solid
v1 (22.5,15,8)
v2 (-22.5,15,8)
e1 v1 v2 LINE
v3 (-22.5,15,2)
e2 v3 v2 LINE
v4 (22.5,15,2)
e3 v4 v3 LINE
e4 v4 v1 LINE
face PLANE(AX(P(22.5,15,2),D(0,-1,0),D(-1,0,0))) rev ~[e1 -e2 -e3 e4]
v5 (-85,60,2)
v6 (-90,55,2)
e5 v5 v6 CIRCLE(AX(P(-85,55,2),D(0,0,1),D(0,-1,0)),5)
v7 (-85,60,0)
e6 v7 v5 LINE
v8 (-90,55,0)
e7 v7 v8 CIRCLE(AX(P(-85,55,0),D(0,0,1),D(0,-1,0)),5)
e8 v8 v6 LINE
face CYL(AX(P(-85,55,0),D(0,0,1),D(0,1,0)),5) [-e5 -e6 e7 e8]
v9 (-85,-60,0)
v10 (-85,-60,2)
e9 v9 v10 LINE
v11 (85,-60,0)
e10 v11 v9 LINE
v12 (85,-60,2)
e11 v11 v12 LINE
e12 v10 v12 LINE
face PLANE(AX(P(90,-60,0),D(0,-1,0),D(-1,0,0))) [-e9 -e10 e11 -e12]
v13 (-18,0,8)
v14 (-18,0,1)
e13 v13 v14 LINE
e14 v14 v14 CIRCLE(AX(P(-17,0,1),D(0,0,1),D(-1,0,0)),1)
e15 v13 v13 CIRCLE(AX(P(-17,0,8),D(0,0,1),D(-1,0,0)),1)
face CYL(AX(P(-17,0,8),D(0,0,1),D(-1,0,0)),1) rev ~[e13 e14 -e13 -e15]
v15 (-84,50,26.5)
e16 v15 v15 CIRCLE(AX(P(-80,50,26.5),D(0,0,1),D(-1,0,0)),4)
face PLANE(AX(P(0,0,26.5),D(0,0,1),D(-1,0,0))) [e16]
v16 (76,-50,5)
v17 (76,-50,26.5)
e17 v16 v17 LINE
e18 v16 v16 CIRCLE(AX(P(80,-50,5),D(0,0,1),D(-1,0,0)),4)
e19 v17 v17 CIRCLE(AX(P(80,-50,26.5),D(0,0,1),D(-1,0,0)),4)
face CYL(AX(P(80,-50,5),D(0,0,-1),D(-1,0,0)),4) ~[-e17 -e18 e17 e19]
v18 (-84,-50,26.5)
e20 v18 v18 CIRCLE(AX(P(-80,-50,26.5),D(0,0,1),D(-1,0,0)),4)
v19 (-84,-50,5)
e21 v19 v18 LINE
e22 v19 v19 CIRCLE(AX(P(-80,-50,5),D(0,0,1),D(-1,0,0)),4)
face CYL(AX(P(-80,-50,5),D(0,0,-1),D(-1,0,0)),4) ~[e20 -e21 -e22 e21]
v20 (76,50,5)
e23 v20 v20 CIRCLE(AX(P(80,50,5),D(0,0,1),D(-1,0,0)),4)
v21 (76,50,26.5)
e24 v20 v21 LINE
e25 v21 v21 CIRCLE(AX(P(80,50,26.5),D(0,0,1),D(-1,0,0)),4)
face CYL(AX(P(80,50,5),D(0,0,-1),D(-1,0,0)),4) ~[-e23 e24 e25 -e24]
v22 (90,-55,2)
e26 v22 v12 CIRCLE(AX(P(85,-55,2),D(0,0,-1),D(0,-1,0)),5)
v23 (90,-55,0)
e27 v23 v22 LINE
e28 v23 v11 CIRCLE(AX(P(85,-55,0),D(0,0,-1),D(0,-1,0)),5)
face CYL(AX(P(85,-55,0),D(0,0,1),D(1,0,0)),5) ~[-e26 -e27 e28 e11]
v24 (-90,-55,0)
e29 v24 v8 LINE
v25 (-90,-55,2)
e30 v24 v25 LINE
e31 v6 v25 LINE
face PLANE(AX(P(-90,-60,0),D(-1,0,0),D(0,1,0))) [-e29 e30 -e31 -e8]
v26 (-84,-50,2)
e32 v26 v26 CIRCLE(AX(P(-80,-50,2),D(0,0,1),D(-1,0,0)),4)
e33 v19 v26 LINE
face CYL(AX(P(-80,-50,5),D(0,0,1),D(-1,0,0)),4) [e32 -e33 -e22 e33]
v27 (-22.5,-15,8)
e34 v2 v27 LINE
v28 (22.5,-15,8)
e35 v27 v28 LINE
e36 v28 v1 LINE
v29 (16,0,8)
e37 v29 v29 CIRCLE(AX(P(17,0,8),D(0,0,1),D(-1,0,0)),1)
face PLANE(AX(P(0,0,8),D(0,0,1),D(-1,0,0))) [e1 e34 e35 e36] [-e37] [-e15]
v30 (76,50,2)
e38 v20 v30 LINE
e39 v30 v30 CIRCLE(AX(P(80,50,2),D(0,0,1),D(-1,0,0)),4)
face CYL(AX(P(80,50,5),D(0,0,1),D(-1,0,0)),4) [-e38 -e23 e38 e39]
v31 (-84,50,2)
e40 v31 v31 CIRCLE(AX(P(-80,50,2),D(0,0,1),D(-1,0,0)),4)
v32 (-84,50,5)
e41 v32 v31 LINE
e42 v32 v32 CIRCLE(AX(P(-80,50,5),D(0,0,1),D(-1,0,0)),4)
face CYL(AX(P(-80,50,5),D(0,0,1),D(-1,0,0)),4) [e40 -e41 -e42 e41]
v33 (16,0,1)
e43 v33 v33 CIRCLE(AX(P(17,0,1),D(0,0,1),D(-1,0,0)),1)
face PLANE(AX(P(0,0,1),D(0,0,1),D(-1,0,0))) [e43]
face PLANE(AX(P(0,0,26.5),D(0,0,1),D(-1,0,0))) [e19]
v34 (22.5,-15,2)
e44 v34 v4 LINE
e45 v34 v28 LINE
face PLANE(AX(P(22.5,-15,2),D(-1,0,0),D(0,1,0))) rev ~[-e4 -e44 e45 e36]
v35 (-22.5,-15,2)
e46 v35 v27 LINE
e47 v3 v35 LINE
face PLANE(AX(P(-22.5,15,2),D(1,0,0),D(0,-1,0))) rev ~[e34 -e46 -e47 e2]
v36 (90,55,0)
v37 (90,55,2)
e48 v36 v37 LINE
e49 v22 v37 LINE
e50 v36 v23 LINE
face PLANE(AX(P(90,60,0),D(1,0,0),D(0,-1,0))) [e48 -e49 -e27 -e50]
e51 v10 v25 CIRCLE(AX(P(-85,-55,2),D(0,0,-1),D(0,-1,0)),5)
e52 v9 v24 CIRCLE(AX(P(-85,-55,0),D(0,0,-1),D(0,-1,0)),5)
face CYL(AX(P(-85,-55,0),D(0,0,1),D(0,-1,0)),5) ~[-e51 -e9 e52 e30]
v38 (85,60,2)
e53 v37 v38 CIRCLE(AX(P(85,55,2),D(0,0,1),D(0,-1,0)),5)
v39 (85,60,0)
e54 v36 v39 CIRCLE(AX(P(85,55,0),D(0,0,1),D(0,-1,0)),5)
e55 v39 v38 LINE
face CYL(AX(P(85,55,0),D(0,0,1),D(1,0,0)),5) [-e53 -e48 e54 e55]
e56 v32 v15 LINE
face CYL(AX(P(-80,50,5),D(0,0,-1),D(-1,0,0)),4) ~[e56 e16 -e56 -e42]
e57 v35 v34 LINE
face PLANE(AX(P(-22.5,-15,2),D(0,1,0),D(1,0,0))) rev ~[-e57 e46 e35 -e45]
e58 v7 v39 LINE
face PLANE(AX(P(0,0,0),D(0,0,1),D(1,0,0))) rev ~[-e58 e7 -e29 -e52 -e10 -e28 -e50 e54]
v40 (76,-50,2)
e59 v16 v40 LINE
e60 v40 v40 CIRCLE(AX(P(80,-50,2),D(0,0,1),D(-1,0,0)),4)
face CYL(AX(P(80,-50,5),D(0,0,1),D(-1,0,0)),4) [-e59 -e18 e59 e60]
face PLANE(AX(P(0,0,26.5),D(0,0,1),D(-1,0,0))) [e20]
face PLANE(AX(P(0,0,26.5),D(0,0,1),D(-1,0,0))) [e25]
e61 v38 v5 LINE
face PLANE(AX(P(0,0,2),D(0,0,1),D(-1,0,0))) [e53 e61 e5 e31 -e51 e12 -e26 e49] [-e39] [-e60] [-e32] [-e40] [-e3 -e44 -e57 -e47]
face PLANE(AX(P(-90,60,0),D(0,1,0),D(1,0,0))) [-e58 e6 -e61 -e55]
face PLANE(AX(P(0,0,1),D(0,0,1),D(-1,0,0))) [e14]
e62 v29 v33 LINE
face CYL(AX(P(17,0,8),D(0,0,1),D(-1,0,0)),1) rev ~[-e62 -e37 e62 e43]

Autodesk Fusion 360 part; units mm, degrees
sketch "Sketch1" plane through (0, 0, 0) normal (0, 0, 1) x (1, 0, 0)
  line L0 (90, -60) -> (-90, -60)
  line L1 (-90, -60) -> (-90, 60)
  line L2 (-90, 60) -> (90, 60)
  line L3 (90, 60) -> (90, -60)
  line L4 (90, -60) -> (-90, 60) construction
  line L5 (-90, -60) -> (90, 60) construction
  circle A0 centre (-80, 50) radius 5
  circle A1 centre (-80, -50) radius 5
  circle A2 centre (80, 50) radius 5
  circle A3 centre (80, -50) radius 5
  dimension "d1" = 180
  dimension "d2" = 120
  dimension "d3" = 10
  dimension "d4" = 10
  dimension "d5" = 10
  dimension "d6" = 10
sketch "Sketch2" plane through (0, 0, 0) normal (0, 0, 1) x (1, 0, 0)
  line L0 (90, -60) -> (-90, -60)
  line L1 (-90, -60) -> (-90, 60)
  line L2 (-90, 60) -> (90, 60)
  line L3 (90, 60) -> (90, -60)
  line L4 (90, -60) -> (-90, 60) construction
  line L5 (-90, -60) -> (90, 60) construction
  dimension "d9" = 180
  dimension "d10" = 120
extrude "Extrude2" add sketch "Sketch2" along normal blind 5 makes body 1
sketch "Sketch3" plane through (0, 0, 5) normal (0, 0, 1) x (-1, 0, 0)
  line L0 (-90, -60) -> (90, -60)
  line L1 (90, -60) -> (90, 60)
  line L2 (90, 60) -> (-90, 60)
  line L3 (-90, 60) -> (-90, -60)
sketch "Sketch4" plane through (0, 0, 5) normal (0, 0, 1) x (-1, 0, 0)
  circle A0 centre (-80, 50) radius 4
  circle A1 centre (80, 50) radius 4
  circle A2 centre (-80, -50) radius 4
  circle A3 centre (80, -50) radius 4
  dimension "d13" = 8
  dimension "d14" = 8
  dimension "d15" = 8
  dimension "d16" = 8
extrude "Extrude3" add sketch "Sketch4" along normal blind 50 bodies 1
sketch "Sketch5" plane through (0, 0, 5) normal (0, 0, 1) x (-1, 0, 0)
  line L0 (22.5, -15) -> (-22.5, -15)
  line L1 (-22.5, -15) -> (-22.5, 15)
  line L2 (-22.5, 15) -> (22.5, 15)
  line L3 (22.5, 15) -> (22.5, -15)
  line L4 (22.5, -15) -> (-22.5, 15) construction
  line L5 (-22.5, -15) -> (22.5, 15) construction
  dimension "d19" = 45
  dimension "d20" = 30
extrude "Extrude4" add sketch "Sketch5" along normal blind 10 bodies 1
sketch "Sketch6" plane through (0, 0, 15) normal (0, 0, 1) x (-1, 0, 0)
  line L0 (22.5, 15) -> (-22.5, 15)
  line L1 (-22.5, 15) -> (-22.5, -15)
  line L2 (-22.5, -15) -> (22.5, -15)
  line L3 (22.5, -15) -> (22.5, 15)
  circle A0 centre (17, 0) radius 1
  circle A1 centre (-17, 0) radius 1
  dimension "d23" = 17
  dimension "d24" = 17
  dimension "d25" = 2
  dimension "d26" = 2
extrude "Extrude5" cut sketch "Sketch6" against normal blind 9 contours A0 | A1 bodies 1
extrude "Extrude6" cut 4 faces at (77.7042, -51.1056, 55) (77.7042, 48.8944, 55) (-82.2958, 48.8944, 55) (-82.2958, -51.1056, 55) along direction (0, 0, -1) blind 10 on bodies 1 bodies 1
extrude "Extrude7" cut 1 faces at (-5.4223, 10.2267, 15) along direction (0, 0, -1) blind 10 on bodies 1 bodies 1
extrude "Extrude8" cut sketch "Sketch3" against normal blind 3 bodies 1 makes body 2 at (-17.995, 0.0996, 5.3333) makes body 3 at (16.005, 0.0996, 5.3333) makes body 4 at (76.0199, -49.6017, 18.3333) makes body 5 at (-83.9801, -49.6017, 18.3333) makes body 6 at (76.0199, 50.3983, 18.3333) makes body 7 at (30, -20, 0)
extrude "Extrude9" add 1 faces at (-82.2958, 48.8944, 5) along direction (0, 0, -1) blind 3 on bodies 1 bodies 1 7
extrude "Extrude10" add 3 faces at (-82.2958, -51.1056, 5) (77.7042, -51.1056, 5) (77.7042, 48.8944, 5) along direction (0, 0, -1) blind 3 on bodies 4 5 6 bodies 5 1 4 6
sketch "Sketch7" plane through (0, 0, 2) normal (0, 0, 1) x (-1, 0, 0)
  circle A0 centre (-80, -50) radius 4
  circle A1 centre (80, 50) radius 4
  circle A2 centre (-80, 50) radius 4
  circle A3 centre (80, -50) radius 4
  line L0 (-90, 60) -> (-90, -60)
  line L1 (-90, -60) -> (90, -60)
  line L2 (90, -60) -> (90, 60)
  line L3 (90, 60) -> (-90, 60)
  line L4 (22.5, 15) -> (-22.5, 15)
  line L5 (-22.5, 15) -> (-22.5, -15)
  line L6 (-22.5, -15) -> (22.5, -15)
  line L7 (22.5, -15) -> (22.5, 15)
  line L8 (22.5, 15) -> (-22.5, -15) construction
  line L9 (-22.5, 15) -> (22.5, -15) construction
  dimension "d39" = 45
  dimension "d40" = 30
extrude "Extrude11" add sketch "Sketch7" along normal blind 6 contours L4 L5 L6 L7 bodies 2 3 5
sketch "Sketch8" plane through (0, 0, 8) normal (0, 0, 1) x (-1, 0, 0)
  line L0 (22.5, -15) -> (22.5, 15)
  line L1 (22.5, 15) -> (-22.5, 15)
  line L2 (-22.5, 15) -> (-22.5, -15)
  line L3 (-22.5, -15) -> (22.5, -15)
  circle A0 centre (-17, 0) radius 1
  circle A1 centre (17, 0) radius 1
  dimension "d43" = 17
  dimension "d44" = 17
  dimension "d45" = 2
  dimension "d46" = 2
extrude "Extrude12" cut sketch "Sketch8" against normal blind 7 contours A0 | A1 bodies 2
extrude "Extrude13" cut 4 faces at (77.7042, 48.8944, 45) (77.7042, -51.1056, 45) (-82.2958, -51.1056, 45) (-82.2958, 48.8944, 45) along direction (0, 0, -1) blind 10 on bodies 2 bodies 2
extrude "Extrude14" cut 4 faces at (77.7042, -51.1056, 35) (77.7042, 48.8944, 35) (-82.2958, 48.8944, 35) (-82.2958, -51.1056, 35) along direction (0, 0, -1) blind 8.5 on bodies 2 bodies 2
fillet "Fillet1" radius 5 4 edges at (-90, 60, 1) (-90, -60, 1) (90, -60, 1) (90, 60, 1) on bodies 1 2 5 7
sketch "Sketch9" plane through (0, 0, 2) normal (0, 0, 1) x (-1, 0, 0)
  circle A0 centre (80, 150) radius 5
  circle A1 centre (-80, 150) radius 5
  circle A2 centre (80, 250) radius 5
  circle A3 centre (-80, 250) radius 5
  line L0 (-90, 140) -> (90, 140)
  line L1 (90, 140) -> (90, 260)
  line L2 (90, 260) -> (-90, 260)
  line L3 (-90, 260) -> (-90, 140)
sketch "Sketch10" plane through (0, 0, 2) normal (0, 0, 1) x (-1, 0, 0)
  circle A0 centre (80, 150) radius 4.5
  circle A1 centre (-80, 150) radius 4.5
  circle A2 centre (80, 250) radius 4.5
  circle A3 centre (-80, 250) radius 4.5
  circle A4 centre (80, 250) radius 5.5
  circle A5 centre (80, 150) radius 5.5
  circle A6 centre (-80, 150) radius 5.5
  circle A7 centre (-80, 250) radius 5.5
  circle A8 centre (-80, 150) radius 5
  circle A9 centre (80, 250) radius 5
  circle A10 centre (80, 150) radius 5
  circle A11 centre (-80, 250) radius 5
  dimension "d59" = 9
  dimension "d60" = 9
  dimension "d61" = 9
  dimension "d62" = 9
  dimension "d63" = 11
  dimension "d64" = 11
  dimension "d65" = 11
  dimension "d66" = 11
